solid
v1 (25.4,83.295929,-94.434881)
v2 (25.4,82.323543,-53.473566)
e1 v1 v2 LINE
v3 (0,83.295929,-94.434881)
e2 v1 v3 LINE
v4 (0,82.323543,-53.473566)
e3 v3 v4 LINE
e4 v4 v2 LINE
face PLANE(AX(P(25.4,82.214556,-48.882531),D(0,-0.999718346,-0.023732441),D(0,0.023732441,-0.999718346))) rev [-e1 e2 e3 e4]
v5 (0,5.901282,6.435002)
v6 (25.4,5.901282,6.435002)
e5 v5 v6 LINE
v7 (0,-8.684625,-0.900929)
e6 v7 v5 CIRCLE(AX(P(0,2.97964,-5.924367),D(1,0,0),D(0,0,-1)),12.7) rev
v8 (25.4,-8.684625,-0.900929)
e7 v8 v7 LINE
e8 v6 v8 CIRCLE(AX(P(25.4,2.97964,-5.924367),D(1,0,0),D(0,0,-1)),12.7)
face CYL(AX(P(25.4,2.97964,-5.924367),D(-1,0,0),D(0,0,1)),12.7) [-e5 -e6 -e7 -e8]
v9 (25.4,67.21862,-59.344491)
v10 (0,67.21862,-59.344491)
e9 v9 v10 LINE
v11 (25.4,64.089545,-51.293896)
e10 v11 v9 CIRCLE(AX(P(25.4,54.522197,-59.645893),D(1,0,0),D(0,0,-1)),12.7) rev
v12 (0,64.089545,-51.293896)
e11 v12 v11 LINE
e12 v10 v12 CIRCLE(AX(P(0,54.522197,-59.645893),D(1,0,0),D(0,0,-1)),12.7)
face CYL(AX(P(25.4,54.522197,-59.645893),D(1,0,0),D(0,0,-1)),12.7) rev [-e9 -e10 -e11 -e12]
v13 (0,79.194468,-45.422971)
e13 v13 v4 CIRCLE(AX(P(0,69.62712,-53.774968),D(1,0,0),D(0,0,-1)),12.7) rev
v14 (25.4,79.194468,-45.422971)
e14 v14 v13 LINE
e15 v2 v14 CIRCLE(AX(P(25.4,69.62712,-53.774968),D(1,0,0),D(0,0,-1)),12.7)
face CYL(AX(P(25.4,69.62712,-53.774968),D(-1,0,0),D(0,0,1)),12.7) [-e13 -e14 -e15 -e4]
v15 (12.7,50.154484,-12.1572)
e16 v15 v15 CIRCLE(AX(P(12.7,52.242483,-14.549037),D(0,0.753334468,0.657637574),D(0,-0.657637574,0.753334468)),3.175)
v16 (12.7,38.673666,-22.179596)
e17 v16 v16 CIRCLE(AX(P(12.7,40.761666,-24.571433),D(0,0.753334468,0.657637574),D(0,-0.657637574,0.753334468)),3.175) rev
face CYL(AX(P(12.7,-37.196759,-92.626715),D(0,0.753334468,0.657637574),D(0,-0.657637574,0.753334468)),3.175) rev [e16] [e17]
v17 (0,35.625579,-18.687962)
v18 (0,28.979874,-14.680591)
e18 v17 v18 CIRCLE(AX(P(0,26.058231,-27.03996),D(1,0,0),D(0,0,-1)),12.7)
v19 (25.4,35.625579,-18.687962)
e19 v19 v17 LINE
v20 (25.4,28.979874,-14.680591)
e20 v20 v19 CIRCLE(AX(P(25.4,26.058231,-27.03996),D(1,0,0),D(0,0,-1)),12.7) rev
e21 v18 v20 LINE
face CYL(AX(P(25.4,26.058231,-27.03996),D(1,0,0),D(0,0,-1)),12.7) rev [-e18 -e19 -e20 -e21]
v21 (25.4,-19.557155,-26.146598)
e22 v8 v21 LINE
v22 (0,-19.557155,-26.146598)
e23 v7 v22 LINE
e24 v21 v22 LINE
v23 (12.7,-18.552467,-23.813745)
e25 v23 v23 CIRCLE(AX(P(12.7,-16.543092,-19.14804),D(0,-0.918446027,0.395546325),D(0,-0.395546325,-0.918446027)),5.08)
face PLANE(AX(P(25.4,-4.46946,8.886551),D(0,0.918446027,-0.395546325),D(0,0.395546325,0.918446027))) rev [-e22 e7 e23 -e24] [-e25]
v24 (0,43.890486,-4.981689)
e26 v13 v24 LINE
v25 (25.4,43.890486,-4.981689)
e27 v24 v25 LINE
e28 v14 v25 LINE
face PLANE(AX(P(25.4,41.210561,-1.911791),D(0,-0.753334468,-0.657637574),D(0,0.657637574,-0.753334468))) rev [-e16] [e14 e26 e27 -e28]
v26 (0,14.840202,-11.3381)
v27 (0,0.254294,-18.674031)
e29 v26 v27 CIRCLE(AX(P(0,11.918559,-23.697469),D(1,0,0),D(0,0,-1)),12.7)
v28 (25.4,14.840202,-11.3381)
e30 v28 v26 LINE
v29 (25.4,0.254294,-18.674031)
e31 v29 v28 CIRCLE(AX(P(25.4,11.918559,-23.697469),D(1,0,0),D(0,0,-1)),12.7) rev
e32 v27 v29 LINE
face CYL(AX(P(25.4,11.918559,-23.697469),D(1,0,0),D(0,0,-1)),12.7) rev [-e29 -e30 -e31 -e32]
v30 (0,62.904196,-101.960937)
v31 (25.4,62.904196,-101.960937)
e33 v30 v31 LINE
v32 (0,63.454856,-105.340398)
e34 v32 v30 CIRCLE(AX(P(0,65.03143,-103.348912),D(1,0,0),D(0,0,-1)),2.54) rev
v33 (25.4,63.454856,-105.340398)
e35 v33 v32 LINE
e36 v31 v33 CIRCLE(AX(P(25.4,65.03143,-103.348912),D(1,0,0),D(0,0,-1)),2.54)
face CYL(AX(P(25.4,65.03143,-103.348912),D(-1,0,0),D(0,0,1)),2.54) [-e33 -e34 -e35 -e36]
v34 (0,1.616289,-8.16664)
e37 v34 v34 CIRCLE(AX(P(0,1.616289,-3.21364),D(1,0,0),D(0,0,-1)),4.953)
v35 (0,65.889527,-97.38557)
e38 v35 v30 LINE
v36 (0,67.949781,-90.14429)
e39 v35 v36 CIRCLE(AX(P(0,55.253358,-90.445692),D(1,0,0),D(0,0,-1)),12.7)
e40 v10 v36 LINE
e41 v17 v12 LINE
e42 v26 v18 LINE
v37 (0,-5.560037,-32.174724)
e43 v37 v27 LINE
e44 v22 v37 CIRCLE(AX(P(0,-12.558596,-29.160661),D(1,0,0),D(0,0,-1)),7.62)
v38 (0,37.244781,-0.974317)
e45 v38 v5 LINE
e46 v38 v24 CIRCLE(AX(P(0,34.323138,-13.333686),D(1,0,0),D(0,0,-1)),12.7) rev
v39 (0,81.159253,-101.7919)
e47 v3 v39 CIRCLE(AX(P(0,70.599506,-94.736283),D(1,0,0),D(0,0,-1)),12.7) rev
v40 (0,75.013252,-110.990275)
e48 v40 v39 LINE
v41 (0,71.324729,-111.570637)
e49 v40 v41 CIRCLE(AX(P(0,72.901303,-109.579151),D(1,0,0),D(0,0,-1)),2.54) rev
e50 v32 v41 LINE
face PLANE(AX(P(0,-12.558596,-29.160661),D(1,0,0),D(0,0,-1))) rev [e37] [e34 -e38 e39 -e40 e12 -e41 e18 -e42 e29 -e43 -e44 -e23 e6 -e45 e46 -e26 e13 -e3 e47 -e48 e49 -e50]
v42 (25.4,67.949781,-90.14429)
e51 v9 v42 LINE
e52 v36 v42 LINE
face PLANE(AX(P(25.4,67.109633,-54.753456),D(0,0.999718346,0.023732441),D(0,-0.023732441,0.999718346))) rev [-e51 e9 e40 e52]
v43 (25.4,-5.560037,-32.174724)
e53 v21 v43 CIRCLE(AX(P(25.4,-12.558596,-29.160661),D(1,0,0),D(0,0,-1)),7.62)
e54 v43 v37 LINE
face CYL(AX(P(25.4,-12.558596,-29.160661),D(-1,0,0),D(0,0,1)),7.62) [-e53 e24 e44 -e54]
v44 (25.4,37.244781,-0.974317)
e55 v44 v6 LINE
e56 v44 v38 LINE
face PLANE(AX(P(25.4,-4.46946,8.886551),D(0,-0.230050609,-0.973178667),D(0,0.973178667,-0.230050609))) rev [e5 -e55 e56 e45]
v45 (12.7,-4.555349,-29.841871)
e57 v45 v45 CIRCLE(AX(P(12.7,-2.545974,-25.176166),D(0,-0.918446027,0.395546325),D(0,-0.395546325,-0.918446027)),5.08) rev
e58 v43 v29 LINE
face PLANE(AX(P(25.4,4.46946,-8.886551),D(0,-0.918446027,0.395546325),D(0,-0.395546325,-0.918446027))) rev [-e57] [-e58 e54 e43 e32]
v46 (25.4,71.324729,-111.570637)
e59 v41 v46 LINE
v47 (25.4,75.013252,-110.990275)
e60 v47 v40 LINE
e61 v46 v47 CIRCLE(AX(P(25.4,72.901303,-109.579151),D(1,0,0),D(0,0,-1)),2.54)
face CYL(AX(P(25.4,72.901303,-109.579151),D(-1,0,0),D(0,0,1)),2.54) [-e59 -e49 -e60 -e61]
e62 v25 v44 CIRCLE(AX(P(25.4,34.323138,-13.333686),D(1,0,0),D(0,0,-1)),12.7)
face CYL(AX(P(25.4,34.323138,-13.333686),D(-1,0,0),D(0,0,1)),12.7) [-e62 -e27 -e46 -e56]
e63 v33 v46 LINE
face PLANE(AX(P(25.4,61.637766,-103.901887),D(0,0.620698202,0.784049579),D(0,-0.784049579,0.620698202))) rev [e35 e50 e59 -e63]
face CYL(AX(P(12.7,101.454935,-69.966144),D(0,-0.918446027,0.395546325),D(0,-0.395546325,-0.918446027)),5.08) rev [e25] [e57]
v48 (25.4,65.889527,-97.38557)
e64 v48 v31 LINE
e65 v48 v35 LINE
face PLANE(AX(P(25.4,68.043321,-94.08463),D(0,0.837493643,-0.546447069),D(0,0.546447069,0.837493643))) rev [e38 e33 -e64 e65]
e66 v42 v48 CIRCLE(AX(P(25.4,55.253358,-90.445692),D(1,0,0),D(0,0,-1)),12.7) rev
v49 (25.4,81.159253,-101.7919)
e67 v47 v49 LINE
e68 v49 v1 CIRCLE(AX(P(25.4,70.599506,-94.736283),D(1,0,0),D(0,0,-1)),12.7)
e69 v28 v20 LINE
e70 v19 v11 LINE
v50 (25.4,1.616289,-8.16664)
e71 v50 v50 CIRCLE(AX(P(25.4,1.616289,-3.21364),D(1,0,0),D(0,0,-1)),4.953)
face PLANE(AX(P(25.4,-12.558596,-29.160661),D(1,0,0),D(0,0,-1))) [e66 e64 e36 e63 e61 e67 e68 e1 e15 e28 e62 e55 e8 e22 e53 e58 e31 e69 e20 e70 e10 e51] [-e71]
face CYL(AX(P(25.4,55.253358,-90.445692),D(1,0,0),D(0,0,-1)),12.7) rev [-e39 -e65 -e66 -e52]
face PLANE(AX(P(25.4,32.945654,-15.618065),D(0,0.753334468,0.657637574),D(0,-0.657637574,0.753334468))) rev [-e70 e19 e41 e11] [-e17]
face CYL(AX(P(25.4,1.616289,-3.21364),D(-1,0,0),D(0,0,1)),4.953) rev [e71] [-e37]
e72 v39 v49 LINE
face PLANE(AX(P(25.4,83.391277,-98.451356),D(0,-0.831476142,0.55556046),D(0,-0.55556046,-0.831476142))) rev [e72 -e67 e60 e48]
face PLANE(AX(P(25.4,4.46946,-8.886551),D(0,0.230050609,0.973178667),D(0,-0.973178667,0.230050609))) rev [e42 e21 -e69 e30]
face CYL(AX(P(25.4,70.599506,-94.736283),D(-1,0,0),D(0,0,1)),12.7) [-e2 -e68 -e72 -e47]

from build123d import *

# Parameters (mm, degrees)
SKETCH1_R           = 4.953
BOSS_EXTRUDE1_DEPTH = 25.4
FILLET1_R           = 12.7
FILLET2_R           = 2.54
CUT_EXTRUDE3_REACH  = 130.474
SKETCH5_R           = 5.08
CUT_EXTRUDE4_REACH  = 120.723
SKETCH7_R           = 3.175


with BuildPart() as part:
    # Sketch1 → Boss-Extrude1 (new body)
    with BuildSketch(Plane(origin=(0, 0, 0), x_dir=(0, 0, -1), z_dir=(1, 0, 0))):
        with BuildLine():
            Line((103.901886641, 61.637766497), (113.279686218, 73.483555297))
            Line((113.279686218, 73.483555297), (98.451355982, 83.391276702))
            Line((98.451355982, 83.391276702), (48.882530567, 82.21455605))
            Line((48.882530567, 82.21455605), (1.911791408, 41.210560809))
            Line((1.911791408, 41.210560809), (-8.886551045, -4.469459574))
            Line((-8.886551045, -4.469459574), (26.146598357, -19.557154557))
            ThreePointArc((26.146598357, -19.557154557), (36.159220082, -15.57265883), (32.174724356, -5.560037105))
            Line((32.174724356, -5.560037105), (8.886551045, 4.469459574))
            Line((8.886551045, 4.469459574), (15.618065001, 32.945653592))
            Line((15.618065001, 32.945653592), (54.753455571, 67.109633069))
            Line((54.753455571, 67.109633069), (94.084630156, 68.043320825))
            Line((94.084630156, 68.043320825), (103.901886641, 61.637766497))
        make_face()
        with Locations((3.213640173, 1.616289015)):
            Circle(SKETCH1_R, mode=Mode.SUBTRACT)
    extrude(amount=BOSS_EXTRUDE1_DEPTH)

    # Fillet1
    fillet1_edges = [part.edges().sort_by_distance(p)[0] for p in [
        (12.7, 68.043320825, -94.084630156),
        (12.7, 67.109633069, -54.753455571),
        (12.7, 32.945653592, -15.618065001),
        (12.7, 4.469459574, -8.886551045),
        (12.7, -4.469459574, 8.886551045),
        (12.7, 41.210560809, -1.911791408),
        (12.7, 82.21455605, -48.882530567),
        (12.7, 83.391276702, -98.451355982),
    ]]
    fillet(fillet1_edges, radius=FILLET1_R)

    # Fillet2
    fillet2_edges = [part.edges().sort_by_distance(p)[0] for p in [
        (12.7, 73.483555297, -113.279686218),
        (12.7, 61.637766497, -103.901886641),
    ]]
    fillet(fillet2_edges, radius=FILLET2_R)

    # Sketch5 → Cut-Extrude3 (cut, up to next)
    with BuildSketch(Plane(origin=(0, -6.998558726, 3.014062999), x_dir=(1, 0, 0), z_dir=(0, -0.918446027, 0.395546325)), mode=Mode.PRIVATE) as cut_extrude3_sk1:
        with Locations((12.7, -24.13)):
            Circle(SKETCH5_R)
    cut_extrude3_tool1 = extrude(cut_extrude3_sk1.sketch, amount=-CUT_EXTRUDE3_REACH, mode=Mode.PRIVATE) & part.part
    add(cut_extrude3_tool1.solids().sort_by_distance((12.7, -16.543092, -19.14804))[0], mode=Mode.SUBTRACT)

    # Sketch7 → Cut-Extrude4 (cut, up to next)
    with BuildSketch(Plane(origin=(0, 22.440379915, 19.589754126), x_dir=(1, 0, 0), z_dir=(0, 0.753334468, 0.657637574)), mode=Mode.PRIVATE) as cut_extrude4_sk1:
        with Locations((12.7, 45.316910599)):
            Circle(SKETCH7_R)
    cut_extrude4_tool1 = extrude(cut_extrude4_sk1.sketch, amount=-CUT_EXTRUDE4_REACH, mode=Mode.PRIVATE) & part.part
    add(cut_extrude4_tool1.solids().sort_by_distance((12.7, 52.242483, -14.549037))[0], mode=Mode.SUBTRACT)


solid = part.part
